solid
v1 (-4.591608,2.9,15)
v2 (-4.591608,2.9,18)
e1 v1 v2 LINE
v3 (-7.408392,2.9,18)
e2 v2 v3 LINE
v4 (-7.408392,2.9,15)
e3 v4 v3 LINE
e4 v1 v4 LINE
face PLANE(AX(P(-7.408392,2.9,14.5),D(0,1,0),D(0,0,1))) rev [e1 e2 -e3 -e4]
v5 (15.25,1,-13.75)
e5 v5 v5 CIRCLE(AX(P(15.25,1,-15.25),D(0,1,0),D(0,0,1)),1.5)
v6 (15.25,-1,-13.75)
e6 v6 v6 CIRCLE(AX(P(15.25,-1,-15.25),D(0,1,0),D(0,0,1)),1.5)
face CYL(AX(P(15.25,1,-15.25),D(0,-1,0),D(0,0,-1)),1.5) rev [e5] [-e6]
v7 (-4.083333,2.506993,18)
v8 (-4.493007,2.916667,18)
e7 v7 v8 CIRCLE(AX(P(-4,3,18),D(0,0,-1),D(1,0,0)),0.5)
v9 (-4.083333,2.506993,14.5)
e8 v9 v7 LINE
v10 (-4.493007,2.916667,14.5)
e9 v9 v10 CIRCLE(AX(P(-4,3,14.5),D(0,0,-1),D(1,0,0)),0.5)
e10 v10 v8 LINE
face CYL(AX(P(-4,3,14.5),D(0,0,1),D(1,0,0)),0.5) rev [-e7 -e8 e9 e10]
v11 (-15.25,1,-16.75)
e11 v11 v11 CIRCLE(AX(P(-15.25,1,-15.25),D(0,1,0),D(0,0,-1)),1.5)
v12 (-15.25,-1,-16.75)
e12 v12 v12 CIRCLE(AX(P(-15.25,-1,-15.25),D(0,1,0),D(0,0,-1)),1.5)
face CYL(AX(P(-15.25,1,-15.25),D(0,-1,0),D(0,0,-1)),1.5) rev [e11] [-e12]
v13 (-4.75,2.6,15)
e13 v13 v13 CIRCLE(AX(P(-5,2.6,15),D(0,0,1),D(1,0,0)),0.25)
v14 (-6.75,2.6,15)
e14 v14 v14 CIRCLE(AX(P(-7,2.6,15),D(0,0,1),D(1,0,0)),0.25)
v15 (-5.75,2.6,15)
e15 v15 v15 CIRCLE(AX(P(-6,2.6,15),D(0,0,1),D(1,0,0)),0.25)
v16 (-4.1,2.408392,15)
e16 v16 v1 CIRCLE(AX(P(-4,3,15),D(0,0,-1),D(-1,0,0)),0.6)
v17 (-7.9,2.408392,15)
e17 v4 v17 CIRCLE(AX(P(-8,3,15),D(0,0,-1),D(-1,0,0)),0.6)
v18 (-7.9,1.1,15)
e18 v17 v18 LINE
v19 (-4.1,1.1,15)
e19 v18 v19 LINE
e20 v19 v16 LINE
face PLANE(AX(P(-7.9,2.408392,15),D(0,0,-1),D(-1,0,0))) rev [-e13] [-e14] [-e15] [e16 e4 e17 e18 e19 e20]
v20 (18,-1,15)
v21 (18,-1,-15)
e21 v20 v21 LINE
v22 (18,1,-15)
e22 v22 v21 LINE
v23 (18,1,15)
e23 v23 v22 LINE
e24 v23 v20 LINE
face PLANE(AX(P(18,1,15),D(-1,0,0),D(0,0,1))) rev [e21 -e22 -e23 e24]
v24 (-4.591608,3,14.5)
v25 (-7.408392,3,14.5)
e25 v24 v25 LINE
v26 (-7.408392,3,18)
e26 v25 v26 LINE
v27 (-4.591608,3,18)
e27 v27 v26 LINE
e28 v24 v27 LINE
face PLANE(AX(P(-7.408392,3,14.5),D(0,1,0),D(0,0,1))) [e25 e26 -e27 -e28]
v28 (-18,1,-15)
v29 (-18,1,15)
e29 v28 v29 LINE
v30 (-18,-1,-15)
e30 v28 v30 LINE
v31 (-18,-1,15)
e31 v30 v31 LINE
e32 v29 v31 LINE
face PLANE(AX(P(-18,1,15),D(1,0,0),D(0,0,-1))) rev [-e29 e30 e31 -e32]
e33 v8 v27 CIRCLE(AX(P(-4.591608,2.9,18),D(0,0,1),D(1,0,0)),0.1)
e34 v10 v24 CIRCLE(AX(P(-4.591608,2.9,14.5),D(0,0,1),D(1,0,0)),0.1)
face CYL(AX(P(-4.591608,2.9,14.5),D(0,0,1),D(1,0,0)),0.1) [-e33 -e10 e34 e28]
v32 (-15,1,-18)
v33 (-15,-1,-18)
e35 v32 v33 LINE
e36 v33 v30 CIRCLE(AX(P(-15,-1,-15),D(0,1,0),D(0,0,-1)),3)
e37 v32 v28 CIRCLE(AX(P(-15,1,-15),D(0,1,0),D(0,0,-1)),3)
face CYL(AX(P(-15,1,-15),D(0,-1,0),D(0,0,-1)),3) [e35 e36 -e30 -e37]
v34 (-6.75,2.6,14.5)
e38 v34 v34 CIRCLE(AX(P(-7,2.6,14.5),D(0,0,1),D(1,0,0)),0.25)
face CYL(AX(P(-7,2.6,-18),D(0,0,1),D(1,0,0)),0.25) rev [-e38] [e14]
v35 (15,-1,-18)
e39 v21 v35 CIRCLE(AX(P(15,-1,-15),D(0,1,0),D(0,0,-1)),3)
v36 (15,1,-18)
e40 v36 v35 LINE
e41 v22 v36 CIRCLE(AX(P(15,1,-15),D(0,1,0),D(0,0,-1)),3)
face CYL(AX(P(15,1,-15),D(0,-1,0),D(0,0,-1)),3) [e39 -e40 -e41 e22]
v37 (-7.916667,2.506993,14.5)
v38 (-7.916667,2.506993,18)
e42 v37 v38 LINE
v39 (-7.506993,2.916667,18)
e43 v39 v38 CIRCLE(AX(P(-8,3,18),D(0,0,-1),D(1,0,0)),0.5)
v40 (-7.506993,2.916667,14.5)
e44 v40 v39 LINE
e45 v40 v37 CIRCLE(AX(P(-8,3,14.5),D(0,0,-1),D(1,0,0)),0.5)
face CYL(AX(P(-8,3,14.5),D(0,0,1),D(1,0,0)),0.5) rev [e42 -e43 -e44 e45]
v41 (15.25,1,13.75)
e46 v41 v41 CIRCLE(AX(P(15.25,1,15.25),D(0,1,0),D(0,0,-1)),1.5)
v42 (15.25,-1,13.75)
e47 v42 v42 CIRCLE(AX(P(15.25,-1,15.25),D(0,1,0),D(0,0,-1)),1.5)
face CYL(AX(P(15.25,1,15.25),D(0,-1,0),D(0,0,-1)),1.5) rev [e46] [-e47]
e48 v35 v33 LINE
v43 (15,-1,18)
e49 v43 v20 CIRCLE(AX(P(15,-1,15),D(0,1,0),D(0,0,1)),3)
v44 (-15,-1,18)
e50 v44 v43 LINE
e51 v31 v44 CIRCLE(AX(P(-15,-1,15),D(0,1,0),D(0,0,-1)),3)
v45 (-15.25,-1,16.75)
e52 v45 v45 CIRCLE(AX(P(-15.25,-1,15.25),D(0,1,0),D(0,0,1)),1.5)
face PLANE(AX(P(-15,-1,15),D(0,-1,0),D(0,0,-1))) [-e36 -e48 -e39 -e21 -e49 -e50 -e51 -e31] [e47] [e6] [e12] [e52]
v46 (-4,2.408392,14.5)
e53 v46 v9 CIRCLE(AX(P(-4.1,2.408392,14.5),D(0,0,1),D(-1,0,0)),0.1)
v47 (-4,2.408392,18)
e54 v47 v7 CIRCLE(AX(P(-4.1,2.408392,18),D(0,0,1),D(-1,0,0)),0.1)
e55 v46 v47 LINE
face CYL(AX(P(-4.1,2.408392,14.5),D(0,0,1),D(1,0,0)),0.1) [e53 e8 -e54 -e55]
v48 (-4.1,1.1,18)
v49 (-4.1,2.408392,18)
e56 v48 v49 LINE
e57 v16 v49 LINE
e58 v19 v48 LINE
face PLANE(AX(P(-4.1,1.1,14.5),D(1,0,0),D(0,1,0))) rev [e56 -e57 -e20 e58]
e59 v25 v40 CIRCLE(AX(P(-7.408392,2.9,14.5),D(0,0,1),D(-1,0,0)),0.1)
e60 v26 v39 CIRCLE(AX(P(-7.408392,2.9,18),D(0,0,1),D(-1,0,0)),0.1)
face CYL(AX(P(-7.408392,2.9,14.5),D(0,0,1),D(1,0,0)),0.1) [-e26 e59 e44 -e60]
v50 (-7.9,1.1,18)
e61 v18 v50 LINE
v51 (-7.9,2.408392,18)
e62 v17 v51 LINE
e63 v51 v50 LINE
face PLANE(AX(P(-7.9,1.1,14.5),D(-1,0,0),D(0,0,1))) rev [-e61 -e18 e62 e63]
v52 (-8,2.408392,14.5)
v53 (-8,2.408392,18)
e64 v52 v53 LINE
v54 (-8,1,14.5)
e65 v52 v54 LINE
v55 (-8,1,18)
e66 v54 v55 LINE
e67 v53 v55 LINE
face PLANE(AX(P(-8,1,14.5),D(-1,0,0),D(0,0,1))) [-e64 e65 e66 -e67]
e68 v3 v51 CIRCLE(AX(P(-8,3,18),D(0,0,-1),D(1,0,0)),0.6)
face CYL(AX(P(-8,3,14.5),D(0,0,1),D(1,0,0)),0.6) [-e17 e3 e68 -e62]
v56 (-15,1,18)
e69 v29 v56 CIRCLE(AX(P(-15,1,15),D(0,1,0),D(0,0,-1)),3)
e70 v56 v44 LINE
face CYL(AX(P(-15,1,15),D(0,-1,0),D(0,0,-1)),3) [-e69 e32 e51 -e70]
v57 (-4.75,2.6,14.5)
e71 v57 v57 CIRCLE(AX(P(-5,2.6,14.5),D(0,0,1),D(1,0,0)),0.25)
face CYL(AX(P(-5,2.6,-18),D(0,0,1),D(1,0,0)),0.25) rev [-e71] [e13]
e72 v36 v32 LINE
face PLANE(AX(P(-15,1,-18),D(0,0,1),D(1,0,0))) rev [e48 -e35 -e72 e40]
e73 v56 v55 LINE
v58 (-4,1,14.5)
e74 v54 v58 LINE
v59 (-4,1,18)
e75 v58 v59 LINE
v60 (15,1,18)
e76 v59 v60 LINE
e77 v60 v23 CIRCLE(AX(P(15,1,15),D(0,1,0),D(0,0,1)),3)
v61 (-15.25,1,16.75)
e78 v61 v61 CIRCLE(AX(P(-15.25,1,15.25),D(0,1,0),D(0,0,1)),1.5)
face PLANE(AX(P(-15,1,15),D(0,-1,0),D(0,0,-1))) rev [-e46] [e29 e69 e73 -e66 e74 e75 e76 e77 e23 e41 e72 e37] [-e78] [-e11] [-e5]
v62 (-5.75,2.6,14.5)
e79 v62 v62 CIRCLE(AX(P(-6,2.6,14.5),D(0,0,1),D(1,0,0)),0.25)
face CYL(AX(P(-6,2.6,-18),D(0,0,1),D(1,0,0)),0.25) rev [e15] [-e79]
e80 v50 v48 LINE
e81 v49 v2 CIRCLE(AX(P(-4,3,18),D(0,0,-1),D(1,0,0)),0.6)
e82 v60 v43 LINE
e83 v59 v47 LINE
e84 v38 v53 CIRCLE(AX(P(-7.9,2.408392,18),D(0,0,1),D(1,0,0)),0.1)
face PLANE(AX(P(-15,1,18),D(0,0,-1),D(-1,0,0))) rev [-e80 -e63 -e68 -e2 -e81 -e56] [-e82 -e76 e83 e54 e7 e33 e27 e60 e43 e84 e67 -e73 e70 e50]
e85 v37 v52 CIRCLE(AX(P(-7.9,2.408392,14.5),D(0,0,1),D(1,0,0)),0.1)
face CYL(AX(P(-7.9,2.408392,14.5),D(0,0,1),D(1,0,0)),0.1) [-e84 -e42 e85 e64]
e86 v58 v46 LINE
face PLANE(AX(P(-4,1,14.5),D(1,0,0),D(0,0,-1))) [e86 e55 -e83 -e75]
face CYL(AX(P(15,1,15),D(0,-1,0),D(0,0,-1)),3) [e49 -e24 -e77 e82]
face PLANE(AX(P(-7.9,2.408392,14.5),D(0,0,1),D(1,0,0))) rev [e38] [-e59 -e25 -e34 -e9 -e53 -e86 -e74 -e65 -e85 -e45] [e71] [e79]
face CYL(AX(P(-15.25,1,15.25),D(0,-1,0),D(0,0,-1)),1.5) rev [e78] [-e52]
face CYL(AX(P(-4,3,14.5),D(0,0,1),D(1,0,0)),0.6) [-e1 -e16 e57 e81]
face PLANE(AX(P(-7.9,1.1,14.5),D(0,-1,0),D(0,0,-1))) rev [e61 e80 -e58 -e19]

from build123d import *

# Parameters (mm, degrees)
SKETCH1_R           = 1.5
BOSS_EXTRUDE1_DEPTH = 1
BOSS_EXTRUDE2_DEPTH = 3.5
BOSS_EXTRUDE3_DEPTH = 0.5
SKETCH4_R           = 0.25
CUT_EXTRUDE1_DEPTH  = 38.70941527


with BuildPart() as part:
    # Sketch1 → Boss-Extrude1 (new, symmetric)
    with BuildSketch(Plane(origin=(0, 0, 0), x_dir=(1, 0, 0), z_dir=(0, 1, 0))):
        with BuildLine():
            Line((-15, -18), (15, -18))
            ThreePointArc((15, -18), (17.121320344, -17.121320344), (18, -15))
            Line((18, -15), (18, 15))
            ThreePointArc((18, 15), (17.121320344, 17.121320344), (15, 18))
            Line((15, 18), (-15, 18))
            ThreePointArc((-15, 18), (-17.121320344, 17.121320344), (-18, 15))
            Line((-18, 15), (-18, -15))
            ThreePointArc((-18, -15), (-17.121320344, -17.121320344), (-15, -18))
        make_face()
        with Locations(Location((15.25, 15.25, 0), (0, 0, 270))):
            Circle(SKETCH1_R, mode=Mode.SUBTRACT)
        with Locations(Location((-15.25, 15.25, 0), (0, 0, 90))):
            Circle(SKETCH1_R, mode=Mode.SUBTRACT)
        with Locations(Location((15.25, -15.25, 0), (0, 0, 90))):
            Circle(SKETCH1_R, mode=Mode.SUBTRACT)
        with Locations(Location((-15.25, -15.25, 0), (0, 0, 270))):
            Circle(SKETCH1_R, mode=Mode.SUBTRACT)
    extrude(amount=BOSS_EXTRUDE1_DEPTH, both=True)

    # Sketch2 → Boss-Extrude2 (add)
    with BuildSketch(Plane.XY.offset(18)):
        with BuildLine():
            Line((-8, 1), (-4, 1))
            Line((-4, 1), (-4, 2.408392022))
            ThreePointArc((-4, 2.408392022), (-4.023623738, 2.472941744), (-4.083333333, 2.506993351))
            ThreePointArc((-4.083333333, 2.506993351), (-4.353553391, 2.646446609), (-4.493006649, 2.916666667))
            ThreePointArc((-4.493006649, 2.916666667), (-4.527058256, 2.976376262), (-4.591607978, 3))
            Line((-4.591607978, 3), (-7.408392022, 3))
            ThreePointArc((-7.408392022, 3), (-7.472941744, 2.976376262), (-7.506993351, 2.916666667))
            ThreePointArc((-7.506993351, 2.916666667), (-7.646446609, 2.646446609), (-7.916666667, 2.506993351))
            ThreePointArc((-7.916666667, 2.506993351), (-7.976376262, 2.472941744), (-8, 2.408392022))
            Line((-8, 2.408392022), (-8, 1))
        make_face()
        with BuildLine():
            Line((-4.1, 1.1), (-4.1, 2.408392022))
            ThreePointArc((-4.1, 2.408392022), (-4.424264069, 2.575735931), (-4.591607978, 2.9))
            Line((-4.591607978, 2.9), (-7.408392022, 2.9))
            ThreePointArc((-7.408392022, 2.9), (-7.575735931, 2.575735931), (-7.9, 2.408392022))
            Line((-7.9, 2.408392022), (-7.9, 1.1))
            Line((-7.9, 1.1), (-4.1, 1.1))
        make_face(mode=Mode.SUBTRACT)
    extrude(amount=-BOSS_EXTRUDE2_DEPTH)

    # Sketch3 → Boss-Extrude3 (add)
    with BuildSketch(Plane(origin=(0, 0, 14.5), x_dir=(-1, 0, 0), z_dir=(0, 0, -1))):
        with BuildLine():
            Line((8, 1), (8, 2.408392022))
            ThreePointArc((8, 2.408392022), (7.976376262, 2.472941744), (7.916666667, 2.506993351))
            ThreePointArc((7.916666667, 2.506993351), (7.646446609, 2.646446609), (7.506993351, 2.916666667))
            ThreePointArc((7.506993351, 2.916666667), (7.472941744, 2.976376262), (7.408392022, 3))
            Line((7.408392022, 3), (4.591607978, 3))
            ThreePointArc((4.591607978, 3), (4.527058256, 2.976376262), (4.493006649, 2.916666667))
            ThreePointArc((4.493006649, 2.916666667), (4.353553391, 2.646446609), (4.083333333, 2.506993351))
            ThreePointArc((4.083333333, 2.506993351), (4.023623738, 2.472941744), (4, 2.408392022))
            Line((4, 2.408392022), (4, 1))
            Line((4, 1), (8, 1))
        make_face()
    extrude(amount=-BOSS_EXTRUDE3_DEPTH)

    # Sketch4 → Cut-Extrude1 (cut, through all)
    with BuildSketch(Plane.XY.offset(15)):
        with Locations((-7, 2.6)):
            Circle(SKETCH4_R)
        with Locations((-6, 2.6)):
            Circle(SKETCH4_R)
        with Locations((-5, 2.6)):
            Circle(SKETCH4_R)
    extrude(amount=-CUT_EXTRUDE1_DEPTH, mode=Mode.SUBTRACT)


solid = part.part
